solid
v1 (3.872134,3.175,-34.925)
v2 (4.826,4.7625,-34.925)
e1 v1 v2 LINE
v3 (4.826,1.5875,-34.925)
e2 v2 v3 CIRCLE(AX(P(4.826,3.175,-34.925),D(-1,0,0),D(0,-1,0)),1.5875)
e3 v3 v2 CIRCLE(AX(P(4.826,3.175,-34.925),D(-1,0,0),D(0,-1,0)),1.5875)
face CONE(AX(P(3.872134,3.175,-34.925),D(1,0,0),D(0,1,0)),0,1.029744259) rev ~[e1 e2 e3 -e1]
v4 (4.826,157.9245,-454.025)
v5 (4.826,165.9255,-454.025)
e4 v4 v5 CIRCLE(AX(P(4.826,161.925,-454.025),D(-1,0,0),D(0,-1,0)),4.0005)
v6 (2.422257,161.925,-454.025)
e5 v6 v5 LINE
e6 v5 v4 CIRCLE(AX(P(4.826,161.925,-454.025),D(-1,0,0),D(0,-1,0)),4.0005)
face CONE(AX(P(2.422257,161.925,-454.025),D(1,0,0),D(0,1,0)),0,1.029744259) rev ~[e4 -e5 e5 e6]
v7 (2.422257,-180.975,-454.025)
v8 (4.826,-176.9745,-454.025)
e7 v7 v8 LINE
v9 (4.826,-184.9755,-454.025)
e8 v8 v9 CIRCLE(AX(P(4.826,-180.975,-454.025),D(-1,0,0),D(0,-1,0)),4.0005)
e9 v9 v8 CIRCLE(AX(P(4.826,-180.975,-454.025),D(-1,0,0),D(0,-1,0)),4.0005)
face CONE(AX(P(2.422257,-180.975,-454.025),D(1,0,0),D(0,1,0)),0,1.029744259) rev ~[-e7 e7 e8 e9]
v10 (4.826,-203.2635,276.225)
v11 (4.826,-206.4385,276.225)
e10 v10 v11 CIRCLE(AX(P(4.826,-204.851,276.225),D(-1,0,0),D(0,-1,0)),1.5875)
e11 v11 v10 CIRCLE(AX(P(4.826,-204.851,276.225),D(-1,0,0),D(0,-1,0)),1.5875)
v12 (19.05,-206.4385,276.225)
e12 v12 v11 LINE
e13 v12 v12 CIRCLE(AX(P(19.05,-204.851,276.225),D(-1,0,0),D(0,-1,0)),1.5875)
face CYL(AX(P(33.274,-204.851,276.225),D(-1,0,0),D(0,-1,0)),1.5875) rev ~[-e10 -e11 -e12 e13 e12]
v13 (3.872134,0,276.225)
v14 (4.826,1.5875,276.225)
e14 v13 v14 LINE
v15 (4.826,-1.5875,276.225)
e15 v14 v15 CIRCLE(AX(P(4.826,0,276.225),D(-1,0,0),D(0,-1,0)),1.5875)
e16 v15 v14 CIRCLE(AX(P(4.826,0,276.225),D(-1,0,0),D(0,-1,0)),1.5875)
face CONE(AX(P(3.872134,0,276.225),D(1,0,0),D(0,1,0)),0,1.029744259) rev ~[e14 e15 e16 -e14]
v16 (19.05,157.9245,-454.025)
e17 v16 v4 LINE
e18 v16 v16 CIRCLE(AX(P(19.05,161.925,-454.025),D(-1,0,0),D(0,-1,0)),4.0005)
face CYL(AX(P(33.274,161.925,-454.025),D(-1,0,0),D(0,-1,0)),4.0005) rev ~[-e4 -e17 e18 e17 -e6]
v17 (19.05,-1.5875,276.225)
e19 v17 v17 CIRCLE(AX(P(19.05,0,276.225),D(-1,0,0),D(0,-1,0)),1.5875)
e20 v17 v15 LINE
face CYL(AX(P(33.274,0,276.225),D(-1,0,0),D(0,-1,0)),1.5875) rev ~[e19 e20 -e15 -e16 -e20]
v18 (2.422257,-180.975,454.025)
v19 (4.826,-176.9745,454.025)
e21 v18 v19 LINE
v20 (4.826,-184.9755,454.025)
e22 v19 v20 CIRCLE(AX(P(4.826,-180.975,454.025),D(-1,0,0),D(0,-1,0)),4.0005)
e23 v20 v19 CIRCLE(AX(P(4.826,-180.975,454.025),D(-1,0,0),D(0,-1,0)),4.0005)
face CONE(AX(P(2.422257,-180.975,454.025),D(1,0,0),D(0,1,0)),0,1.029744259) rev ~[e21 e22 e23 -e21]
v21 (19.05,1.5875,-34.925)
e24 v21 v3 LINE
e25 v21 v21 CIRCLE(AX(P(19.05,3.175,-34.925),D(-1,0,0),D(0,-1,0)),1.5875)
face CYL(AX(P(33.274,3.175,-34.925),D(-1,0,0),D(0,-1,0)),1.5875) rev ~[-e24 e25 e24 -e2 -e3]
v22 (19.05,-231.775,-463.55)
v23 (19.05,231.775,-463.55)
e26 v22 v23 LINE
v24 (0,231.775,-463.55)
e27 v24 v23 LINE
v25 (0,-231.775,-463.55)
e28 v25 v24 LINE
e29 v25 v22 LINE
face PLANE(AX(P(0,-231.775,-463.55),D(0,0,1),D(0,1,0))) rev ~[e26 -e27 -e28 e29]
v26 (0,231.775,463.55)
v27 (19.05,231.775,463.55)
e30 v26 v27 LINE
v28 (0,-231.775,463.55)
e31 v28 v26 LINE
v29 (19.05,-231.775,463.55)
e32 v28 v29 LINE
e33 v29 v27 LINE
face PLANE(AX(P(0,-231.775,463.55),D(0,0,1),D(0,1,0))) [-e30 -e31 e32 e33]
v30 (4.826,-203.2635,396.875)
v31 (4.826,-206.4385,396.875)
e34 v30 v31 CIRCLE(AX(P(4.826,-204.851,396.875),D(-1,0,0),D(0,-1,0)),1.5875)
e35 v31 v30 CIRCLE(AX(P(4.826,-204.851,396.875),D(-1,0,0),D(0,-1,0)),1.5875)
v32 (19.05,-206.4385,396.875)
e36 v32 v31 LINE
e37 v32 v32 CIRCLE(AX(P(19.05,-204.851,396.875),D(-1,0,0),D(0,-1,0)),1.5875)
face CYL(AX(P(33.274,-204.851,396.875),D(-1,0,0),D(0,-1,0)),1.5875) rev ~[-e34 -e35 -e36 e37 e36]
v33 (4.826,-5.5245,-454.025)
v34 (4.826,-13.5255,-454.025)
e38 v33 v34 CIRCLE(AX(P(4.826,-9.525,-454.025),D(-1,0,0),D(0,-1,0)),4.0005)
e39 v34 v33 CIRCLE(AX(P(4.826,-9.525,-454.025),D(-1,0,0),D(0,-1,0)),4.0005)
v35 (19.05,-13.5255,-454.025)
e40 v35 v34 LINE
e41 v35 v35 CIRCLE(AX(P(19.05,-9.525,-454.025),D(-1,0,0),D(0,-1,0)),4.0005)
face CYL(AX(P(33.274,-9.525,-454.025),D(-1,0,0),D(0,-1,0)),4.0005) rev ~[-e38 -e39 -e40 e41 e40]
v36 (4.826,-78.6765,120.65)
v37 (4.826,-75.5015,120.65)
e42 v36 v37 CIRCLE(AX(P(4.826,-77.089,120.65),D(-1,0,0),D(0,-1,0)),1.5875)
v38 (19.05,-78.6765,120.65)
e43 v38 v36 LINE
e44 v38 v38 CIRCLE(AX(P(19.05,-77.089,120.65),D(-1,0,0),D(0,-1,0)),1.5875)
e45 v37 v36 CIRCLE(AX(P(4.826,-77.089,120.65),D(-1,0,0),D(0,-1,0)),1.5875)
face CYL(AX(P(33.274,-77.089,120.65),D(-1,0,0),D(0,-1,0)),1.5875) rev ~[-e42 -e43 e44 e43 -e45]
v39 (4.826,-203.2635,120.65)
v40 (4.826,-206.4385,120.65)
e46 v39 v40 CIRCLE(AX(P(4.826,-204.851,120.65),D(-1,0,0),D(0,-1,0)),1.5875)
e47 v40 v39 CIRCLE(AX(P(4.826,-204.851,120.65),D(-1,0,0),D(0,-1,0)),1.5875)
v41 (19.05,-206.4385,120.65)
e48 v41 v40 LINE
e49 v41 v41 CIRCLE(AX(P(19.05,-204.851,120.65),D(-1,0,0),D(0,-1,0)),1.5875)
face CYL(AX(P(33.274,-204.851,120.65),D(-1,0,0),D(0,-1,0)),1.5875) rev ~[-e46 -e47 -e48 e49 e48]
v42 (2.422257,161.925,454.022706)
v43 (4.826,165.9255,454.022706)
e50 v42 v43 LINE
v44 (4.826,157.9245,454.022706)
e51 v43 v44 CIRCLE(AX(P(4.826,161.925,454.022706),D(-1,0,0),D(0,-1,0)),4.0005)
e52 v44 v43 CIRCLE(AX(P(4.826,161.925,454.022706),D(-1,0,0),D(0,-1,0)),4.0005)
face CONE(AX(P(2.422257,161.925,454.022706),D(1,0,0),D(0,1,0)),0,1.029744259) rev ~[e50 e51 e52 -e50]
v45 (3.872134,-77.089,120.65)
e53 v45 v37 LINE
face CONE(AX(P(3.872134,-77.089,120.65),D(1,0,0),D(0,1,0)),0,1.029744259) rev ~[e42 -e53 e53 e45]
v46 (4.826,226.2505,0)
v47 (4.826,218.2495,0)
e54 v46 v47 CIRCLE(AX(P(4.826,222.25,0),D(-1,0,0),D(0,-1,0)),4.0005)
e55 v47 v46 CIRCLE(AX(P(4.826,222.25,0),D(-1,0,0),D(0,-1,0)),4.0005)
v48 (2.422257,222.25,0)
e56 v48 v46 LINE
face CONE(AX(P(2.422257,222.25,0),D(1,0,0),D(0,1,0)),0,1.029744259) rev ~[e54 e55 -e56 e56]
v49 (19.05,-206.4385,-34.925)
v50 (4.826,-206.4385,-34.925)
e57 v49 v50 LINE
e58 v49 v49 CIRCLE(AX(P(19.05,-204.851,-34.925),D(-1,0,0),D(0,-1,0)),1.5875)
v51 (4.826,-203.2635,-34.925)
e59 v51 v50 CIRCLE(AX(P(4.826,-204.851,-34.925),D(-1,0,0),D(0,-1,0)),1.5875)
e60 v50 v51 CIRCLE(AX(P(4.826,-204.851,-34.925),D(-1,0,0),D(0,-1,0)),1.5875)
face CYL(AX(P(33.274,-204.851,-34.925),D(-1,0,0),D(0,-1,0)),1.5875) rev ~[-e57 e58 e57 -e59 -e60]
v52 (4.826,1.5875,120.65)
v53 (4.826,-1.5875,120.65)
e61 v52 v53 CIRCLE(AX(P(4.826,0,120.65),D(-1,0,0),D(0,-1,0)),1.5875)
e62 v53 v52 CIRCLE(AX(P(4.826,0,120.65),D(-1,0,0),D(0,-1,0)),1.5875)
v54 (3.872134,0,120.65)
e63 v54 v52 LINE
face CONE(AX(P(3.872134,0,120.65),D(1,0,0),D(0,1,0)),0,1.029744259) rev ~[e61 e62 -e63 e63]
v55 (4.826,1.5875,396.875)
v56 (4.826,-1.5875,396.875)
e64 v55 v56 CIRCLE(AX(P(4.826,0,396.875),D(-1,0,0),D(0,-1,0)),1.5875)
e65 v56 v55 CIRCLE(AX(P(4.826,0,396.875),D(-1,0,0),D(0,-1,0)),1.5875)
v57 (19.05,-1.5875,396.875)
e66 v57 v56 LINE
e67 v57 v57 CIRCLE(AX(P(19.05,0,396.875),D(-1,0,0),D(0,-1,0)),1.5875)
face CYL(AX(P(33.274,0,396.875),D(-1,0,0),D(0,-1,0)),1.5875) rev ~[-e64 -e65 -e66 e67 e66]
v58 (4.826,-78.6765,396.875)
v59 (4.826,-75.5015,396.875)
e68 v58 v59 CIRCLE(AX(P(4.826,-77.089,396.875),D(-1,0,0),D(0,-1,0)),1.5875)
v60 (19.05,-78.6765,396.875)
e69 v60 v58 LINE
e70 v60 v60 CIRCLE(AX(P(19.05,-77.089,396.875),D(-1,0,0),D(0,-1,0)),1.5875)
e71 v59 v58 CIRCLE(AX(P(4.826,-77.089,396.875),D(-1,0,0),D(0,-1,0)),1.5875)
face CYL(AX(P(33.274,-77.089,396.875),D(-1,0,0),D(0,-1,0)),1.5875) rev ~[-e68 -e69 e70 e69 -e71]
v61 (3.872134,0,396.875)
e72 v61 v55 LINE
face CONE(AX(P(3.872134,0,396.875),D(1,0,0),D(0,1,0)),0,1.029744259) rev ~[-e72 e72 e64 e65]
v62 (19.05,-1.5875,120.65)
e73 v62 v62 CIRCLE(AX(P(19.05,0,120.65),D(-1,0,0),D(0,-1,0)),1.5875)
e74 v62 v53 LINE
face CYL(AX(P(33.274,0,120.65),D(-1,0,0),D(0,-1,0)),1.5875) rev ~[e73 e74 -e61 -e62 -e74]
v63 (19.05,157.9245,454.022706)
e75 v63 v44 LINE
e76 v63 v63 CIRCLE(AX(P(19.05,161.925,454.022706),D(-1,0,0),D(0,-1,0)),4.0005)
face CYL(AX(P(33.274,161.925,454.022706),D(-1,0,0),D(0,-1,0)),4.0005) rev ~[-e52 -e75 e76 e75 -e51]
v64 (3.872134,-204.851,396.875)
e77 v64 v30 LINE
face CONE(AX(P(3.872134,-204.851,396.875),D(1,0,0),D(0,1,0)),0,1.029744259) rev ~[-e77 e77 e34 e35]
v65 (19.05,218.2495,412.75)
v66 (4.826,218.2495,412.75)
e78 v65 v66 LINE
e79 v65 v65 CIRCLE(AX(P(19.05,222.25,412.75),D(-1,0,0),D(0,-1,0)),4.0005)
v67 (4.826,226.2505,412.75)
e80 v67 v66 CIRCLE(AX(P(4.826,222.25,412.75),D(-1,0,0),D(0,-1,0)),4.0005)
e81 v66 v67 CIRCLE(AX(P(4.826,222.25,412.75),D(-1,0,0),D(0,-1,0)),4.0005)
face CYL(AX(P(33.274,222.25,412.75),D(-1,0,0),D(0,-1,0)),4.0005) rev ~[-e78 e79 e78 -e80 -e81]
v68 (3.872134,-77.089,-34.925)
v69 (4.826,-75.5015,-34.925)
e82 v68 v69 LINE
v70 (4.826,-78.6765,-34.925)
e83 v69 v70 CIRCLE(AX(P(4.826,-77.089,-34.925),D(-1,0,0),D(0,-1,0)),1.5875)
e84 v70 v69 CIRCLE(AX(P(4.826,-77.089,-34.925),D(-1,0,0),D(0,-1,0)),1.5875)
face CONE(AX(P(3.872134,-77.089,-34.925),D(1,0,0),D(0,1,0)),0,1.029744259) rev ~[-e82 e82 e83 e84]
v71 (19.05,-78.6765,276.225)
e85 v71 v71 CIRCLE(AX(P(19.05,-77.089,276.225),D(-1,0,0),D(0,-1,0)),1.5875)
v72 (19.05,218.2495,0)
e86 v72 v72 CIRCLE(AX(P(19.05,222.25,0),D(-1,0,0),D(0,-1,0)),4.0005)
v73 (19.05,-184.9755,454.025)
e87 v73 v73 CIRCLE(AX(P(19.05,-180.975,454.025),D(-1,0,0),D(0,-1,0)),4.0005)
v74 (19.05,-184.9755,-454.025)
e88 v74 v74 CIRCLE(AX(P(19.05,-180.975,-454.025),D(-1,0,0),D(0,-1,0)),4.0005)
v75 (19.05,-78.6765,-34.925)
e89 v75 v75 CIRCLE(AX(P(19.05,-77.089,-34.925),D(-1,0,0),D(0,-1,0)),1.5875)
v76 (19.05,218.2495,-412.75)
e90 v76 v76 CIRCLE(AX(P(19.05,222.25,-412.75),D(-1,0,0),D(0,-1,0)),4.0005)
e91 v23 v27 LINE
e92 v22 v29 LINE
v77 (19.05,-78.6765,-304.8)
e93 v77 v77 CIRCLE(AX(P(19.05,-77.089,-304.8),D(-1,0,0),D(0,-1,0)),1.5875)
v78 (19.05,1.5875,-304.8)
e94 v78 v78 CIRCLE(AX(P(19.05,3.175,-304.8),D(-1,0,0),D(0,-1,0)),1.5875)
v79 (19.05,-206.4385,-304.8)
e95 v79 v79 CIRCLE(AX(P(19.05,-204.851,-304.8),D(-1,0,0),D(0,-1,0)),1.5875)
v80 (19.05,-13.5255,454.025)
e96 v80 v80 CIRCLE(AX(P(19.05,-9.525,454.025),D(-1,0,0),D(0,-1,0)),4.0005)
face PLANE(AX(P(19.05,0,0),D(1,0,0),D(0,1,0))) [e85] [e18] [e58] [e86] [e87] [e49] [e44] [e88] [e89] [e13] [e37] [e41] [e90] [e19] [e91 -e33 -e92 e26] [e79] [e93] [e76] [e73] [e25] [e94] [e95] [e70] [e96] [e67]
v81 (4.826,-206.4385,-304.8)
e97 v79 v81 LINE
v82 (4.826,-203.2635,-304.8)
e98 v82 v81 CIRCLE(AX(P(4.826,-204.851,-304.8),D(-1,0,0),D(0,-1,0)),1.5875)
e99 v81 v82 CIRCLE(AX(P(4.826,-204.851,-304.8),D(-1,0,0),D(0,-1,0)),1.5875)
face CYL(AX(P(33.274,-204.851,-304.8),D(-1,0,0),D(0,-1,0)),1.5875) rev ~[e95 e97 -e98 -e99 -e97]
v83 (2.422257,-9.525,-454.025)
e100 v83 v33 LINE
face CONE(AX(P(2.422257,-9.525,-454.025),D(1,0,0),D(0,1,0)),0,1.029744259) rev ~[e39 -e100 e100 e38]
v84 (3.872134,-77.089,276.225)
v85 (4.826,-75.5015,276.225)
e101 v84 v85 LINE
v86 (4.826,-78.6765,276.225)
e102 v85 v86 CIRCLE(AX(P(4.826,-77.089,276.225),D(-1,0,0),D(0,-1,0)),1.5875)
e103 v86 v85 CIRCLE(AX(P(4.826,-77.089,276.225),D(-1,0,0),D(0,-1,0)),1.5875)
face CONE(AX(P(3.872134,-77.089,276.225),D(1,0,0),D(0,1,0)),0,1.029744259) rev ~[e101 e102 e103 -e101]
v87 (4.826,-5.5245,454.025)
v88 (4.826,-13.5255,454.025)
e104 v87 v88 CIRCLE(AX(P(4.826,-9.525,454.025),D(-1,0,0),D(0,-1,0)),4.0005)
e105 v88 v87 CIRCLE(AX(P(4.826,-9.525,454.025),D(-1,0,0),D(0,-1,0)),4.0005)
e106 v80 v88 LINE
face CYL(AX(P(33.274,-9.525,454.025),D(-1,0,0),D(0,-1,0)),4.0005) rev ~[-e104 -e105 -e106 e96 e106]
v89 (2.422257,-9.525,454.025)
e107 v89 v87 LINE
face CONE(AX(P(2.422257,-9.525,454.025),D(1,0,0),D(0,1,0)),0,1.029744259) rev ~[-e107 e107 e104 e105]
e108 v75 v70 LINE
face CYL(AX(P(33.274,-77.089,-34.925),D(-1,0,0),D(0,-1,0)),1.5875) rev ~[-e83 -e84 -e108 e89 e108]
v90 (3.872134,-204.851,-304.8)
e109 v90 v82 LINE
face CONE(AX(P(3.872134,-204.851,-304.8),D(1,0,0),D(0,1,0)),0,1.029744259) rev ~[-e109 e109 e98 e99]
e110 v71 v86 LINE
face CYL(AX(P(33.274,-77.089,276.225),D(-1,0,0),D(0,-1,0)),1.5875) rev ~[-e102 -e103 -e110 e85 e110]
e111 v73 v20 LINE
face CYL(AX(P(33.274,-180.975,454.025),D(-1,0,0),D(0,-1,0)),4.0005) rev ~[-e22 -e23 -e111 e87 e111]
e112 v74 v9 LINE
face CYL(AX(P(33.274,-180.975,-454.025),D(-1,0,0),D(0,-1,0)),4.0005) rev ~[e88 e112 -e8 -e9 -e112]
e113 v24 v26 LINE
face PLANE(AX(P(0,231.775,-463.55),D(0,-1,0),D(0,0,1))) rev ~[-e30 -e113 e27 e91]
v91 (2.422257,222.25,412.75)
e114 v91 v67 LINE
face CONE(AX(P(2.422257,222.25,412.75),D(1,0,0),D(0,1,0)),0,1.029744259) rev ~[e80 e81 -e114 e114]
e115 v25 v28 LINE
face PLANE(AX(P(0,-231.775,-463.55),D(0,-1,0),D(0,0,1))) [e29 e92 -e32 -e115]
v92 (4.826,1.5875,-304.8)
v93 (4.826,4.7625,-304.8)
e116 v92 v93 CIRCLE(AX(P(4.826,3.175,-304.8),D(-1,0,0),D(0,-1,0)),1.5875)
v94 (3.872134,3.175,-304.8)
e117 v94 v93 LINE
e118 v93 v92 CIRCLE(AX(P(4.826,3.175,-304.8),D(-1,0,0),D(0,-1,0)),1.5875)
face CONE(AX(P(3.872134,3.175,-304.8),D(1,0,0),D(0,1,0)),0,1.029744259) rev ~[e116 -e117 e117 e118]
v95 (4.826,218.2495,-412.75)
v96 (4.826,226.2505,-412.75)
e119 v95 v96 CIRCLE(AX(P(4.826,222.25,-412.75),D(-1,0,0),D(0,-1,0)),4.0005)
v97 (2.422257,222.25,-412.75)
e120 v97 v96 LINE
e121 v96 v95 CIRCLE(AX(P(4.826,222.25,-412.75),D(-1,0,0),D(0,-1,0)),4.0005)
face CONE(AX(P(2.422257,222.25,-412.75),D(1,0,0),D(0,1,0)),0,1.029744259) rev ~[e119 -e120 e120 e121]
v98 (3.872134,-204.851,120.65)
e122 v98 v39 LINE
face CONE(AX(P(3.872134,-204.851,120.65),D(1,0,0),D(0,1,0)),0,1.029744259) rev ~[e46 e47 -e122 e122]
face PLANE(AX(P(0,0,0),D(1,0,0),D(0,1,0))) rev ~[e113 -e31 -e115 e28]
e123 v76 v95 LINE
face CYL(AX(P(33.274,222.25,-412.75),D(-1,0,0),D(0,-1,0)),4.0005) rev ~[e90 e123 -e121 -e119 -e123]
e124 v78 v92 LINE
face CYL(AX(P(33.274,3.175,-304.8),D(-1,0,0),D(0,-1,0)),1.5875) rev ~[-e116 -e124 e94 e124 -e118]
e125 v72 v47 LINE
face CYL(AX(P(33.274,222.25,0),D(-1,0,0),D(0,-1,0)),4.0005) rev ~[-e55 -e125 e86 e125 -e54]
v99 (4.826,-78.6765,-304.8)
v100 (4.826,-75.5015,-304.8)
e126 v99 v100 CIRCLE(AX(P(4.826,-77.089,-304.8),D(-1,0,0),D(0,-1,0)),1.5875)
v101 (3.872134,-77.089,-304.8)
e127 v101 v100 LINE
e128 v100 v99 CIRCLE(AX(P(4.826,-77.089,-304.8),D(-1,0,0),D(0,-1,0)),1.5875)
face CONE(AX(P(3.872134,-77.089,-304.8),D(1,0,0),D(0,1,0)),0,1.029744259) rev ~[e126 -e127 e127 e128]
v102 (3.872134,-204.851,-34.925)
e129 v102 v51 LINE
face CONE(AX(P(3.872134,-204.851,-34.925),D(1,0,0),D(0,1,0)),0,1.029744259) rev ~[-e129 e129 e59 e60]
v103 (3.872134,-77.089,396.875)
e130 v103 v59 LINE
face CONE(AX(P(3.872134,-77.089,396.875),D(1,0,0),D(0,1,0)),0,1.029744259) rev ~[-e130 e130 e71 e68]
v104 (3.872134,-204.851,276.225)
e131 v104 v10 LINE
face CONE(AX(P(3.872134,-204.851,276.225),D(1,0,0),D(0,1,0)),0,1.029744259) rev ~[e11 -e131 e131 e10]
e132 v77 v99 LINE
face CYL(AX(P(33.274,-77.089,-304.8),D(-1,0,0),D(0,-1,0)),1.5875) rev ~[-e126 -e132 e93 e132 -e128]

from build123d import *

# Parameters (mm, degrees)
F0_W     = 463.55
F0_H     = 927.1
F1_DEPTH = 19.05
F3_D     = 8.001
F3_DEPTH = 14.224
F3_TIP   = 2.4037429064
F5_D     = 3.175
F5_DEPTH = 14.224
F5_TIP   = 0.9538662327


with BuildPart() as f1:
    # F0 (on Right) → F1 (new body)
    with BuildSketch(Plane.YZ):
        Rectangle(F0_W, F0_H)
    extrude(amount=F1_DEPTH)

    # F3
    with Locations(Plane.YZ.offset(19.05)):
        with Locations((-180.975, 454.025), (-9.525, 454.025), (161.925, 454.022705555), (222.25, 412.75), (222.25, 0), (222.25, -412.75), (161.925, -454.025), (-9.525, -454.025), (-180.975, -454.025)):
            Hole(F3_D / 2, depth=F3_DEPTH)
            with Locations((0, 0, -(F3_DEPTH + F3_TIP / 2))):  # 118° drill point
                Cone(0, F3_D / 2, F3_TIP, mode=Mode.SUBTRACT)

    # F5
    with Locations(Plane.YZ.offset(19.05)):
        with Locations((-204.851, 396.875), (-77.089, 396.875), (0, 396.875), (-204.851, 276.225), (-77.089, 276.225), (0, 276.225), (-204.851, 120.65), (-77.089, 120.65), (0, 120.65), (-204.851, -34.925), (-77.089, -34.925), (3.175, -34.925), (-204.851, -304.8), (-77.089, -304.8), (3.175, -304.8)):
            Hole(F5_D / 2, depth=F5_DEPTH)
            with Locations((0, 0, -(F5_DEPTH + F5_TIP / 2))):  # 118° drill point
                Cone(0, F5_D / 2, F5_TIP, mode=Mode.SUBTRACT)


solid = f1.part
